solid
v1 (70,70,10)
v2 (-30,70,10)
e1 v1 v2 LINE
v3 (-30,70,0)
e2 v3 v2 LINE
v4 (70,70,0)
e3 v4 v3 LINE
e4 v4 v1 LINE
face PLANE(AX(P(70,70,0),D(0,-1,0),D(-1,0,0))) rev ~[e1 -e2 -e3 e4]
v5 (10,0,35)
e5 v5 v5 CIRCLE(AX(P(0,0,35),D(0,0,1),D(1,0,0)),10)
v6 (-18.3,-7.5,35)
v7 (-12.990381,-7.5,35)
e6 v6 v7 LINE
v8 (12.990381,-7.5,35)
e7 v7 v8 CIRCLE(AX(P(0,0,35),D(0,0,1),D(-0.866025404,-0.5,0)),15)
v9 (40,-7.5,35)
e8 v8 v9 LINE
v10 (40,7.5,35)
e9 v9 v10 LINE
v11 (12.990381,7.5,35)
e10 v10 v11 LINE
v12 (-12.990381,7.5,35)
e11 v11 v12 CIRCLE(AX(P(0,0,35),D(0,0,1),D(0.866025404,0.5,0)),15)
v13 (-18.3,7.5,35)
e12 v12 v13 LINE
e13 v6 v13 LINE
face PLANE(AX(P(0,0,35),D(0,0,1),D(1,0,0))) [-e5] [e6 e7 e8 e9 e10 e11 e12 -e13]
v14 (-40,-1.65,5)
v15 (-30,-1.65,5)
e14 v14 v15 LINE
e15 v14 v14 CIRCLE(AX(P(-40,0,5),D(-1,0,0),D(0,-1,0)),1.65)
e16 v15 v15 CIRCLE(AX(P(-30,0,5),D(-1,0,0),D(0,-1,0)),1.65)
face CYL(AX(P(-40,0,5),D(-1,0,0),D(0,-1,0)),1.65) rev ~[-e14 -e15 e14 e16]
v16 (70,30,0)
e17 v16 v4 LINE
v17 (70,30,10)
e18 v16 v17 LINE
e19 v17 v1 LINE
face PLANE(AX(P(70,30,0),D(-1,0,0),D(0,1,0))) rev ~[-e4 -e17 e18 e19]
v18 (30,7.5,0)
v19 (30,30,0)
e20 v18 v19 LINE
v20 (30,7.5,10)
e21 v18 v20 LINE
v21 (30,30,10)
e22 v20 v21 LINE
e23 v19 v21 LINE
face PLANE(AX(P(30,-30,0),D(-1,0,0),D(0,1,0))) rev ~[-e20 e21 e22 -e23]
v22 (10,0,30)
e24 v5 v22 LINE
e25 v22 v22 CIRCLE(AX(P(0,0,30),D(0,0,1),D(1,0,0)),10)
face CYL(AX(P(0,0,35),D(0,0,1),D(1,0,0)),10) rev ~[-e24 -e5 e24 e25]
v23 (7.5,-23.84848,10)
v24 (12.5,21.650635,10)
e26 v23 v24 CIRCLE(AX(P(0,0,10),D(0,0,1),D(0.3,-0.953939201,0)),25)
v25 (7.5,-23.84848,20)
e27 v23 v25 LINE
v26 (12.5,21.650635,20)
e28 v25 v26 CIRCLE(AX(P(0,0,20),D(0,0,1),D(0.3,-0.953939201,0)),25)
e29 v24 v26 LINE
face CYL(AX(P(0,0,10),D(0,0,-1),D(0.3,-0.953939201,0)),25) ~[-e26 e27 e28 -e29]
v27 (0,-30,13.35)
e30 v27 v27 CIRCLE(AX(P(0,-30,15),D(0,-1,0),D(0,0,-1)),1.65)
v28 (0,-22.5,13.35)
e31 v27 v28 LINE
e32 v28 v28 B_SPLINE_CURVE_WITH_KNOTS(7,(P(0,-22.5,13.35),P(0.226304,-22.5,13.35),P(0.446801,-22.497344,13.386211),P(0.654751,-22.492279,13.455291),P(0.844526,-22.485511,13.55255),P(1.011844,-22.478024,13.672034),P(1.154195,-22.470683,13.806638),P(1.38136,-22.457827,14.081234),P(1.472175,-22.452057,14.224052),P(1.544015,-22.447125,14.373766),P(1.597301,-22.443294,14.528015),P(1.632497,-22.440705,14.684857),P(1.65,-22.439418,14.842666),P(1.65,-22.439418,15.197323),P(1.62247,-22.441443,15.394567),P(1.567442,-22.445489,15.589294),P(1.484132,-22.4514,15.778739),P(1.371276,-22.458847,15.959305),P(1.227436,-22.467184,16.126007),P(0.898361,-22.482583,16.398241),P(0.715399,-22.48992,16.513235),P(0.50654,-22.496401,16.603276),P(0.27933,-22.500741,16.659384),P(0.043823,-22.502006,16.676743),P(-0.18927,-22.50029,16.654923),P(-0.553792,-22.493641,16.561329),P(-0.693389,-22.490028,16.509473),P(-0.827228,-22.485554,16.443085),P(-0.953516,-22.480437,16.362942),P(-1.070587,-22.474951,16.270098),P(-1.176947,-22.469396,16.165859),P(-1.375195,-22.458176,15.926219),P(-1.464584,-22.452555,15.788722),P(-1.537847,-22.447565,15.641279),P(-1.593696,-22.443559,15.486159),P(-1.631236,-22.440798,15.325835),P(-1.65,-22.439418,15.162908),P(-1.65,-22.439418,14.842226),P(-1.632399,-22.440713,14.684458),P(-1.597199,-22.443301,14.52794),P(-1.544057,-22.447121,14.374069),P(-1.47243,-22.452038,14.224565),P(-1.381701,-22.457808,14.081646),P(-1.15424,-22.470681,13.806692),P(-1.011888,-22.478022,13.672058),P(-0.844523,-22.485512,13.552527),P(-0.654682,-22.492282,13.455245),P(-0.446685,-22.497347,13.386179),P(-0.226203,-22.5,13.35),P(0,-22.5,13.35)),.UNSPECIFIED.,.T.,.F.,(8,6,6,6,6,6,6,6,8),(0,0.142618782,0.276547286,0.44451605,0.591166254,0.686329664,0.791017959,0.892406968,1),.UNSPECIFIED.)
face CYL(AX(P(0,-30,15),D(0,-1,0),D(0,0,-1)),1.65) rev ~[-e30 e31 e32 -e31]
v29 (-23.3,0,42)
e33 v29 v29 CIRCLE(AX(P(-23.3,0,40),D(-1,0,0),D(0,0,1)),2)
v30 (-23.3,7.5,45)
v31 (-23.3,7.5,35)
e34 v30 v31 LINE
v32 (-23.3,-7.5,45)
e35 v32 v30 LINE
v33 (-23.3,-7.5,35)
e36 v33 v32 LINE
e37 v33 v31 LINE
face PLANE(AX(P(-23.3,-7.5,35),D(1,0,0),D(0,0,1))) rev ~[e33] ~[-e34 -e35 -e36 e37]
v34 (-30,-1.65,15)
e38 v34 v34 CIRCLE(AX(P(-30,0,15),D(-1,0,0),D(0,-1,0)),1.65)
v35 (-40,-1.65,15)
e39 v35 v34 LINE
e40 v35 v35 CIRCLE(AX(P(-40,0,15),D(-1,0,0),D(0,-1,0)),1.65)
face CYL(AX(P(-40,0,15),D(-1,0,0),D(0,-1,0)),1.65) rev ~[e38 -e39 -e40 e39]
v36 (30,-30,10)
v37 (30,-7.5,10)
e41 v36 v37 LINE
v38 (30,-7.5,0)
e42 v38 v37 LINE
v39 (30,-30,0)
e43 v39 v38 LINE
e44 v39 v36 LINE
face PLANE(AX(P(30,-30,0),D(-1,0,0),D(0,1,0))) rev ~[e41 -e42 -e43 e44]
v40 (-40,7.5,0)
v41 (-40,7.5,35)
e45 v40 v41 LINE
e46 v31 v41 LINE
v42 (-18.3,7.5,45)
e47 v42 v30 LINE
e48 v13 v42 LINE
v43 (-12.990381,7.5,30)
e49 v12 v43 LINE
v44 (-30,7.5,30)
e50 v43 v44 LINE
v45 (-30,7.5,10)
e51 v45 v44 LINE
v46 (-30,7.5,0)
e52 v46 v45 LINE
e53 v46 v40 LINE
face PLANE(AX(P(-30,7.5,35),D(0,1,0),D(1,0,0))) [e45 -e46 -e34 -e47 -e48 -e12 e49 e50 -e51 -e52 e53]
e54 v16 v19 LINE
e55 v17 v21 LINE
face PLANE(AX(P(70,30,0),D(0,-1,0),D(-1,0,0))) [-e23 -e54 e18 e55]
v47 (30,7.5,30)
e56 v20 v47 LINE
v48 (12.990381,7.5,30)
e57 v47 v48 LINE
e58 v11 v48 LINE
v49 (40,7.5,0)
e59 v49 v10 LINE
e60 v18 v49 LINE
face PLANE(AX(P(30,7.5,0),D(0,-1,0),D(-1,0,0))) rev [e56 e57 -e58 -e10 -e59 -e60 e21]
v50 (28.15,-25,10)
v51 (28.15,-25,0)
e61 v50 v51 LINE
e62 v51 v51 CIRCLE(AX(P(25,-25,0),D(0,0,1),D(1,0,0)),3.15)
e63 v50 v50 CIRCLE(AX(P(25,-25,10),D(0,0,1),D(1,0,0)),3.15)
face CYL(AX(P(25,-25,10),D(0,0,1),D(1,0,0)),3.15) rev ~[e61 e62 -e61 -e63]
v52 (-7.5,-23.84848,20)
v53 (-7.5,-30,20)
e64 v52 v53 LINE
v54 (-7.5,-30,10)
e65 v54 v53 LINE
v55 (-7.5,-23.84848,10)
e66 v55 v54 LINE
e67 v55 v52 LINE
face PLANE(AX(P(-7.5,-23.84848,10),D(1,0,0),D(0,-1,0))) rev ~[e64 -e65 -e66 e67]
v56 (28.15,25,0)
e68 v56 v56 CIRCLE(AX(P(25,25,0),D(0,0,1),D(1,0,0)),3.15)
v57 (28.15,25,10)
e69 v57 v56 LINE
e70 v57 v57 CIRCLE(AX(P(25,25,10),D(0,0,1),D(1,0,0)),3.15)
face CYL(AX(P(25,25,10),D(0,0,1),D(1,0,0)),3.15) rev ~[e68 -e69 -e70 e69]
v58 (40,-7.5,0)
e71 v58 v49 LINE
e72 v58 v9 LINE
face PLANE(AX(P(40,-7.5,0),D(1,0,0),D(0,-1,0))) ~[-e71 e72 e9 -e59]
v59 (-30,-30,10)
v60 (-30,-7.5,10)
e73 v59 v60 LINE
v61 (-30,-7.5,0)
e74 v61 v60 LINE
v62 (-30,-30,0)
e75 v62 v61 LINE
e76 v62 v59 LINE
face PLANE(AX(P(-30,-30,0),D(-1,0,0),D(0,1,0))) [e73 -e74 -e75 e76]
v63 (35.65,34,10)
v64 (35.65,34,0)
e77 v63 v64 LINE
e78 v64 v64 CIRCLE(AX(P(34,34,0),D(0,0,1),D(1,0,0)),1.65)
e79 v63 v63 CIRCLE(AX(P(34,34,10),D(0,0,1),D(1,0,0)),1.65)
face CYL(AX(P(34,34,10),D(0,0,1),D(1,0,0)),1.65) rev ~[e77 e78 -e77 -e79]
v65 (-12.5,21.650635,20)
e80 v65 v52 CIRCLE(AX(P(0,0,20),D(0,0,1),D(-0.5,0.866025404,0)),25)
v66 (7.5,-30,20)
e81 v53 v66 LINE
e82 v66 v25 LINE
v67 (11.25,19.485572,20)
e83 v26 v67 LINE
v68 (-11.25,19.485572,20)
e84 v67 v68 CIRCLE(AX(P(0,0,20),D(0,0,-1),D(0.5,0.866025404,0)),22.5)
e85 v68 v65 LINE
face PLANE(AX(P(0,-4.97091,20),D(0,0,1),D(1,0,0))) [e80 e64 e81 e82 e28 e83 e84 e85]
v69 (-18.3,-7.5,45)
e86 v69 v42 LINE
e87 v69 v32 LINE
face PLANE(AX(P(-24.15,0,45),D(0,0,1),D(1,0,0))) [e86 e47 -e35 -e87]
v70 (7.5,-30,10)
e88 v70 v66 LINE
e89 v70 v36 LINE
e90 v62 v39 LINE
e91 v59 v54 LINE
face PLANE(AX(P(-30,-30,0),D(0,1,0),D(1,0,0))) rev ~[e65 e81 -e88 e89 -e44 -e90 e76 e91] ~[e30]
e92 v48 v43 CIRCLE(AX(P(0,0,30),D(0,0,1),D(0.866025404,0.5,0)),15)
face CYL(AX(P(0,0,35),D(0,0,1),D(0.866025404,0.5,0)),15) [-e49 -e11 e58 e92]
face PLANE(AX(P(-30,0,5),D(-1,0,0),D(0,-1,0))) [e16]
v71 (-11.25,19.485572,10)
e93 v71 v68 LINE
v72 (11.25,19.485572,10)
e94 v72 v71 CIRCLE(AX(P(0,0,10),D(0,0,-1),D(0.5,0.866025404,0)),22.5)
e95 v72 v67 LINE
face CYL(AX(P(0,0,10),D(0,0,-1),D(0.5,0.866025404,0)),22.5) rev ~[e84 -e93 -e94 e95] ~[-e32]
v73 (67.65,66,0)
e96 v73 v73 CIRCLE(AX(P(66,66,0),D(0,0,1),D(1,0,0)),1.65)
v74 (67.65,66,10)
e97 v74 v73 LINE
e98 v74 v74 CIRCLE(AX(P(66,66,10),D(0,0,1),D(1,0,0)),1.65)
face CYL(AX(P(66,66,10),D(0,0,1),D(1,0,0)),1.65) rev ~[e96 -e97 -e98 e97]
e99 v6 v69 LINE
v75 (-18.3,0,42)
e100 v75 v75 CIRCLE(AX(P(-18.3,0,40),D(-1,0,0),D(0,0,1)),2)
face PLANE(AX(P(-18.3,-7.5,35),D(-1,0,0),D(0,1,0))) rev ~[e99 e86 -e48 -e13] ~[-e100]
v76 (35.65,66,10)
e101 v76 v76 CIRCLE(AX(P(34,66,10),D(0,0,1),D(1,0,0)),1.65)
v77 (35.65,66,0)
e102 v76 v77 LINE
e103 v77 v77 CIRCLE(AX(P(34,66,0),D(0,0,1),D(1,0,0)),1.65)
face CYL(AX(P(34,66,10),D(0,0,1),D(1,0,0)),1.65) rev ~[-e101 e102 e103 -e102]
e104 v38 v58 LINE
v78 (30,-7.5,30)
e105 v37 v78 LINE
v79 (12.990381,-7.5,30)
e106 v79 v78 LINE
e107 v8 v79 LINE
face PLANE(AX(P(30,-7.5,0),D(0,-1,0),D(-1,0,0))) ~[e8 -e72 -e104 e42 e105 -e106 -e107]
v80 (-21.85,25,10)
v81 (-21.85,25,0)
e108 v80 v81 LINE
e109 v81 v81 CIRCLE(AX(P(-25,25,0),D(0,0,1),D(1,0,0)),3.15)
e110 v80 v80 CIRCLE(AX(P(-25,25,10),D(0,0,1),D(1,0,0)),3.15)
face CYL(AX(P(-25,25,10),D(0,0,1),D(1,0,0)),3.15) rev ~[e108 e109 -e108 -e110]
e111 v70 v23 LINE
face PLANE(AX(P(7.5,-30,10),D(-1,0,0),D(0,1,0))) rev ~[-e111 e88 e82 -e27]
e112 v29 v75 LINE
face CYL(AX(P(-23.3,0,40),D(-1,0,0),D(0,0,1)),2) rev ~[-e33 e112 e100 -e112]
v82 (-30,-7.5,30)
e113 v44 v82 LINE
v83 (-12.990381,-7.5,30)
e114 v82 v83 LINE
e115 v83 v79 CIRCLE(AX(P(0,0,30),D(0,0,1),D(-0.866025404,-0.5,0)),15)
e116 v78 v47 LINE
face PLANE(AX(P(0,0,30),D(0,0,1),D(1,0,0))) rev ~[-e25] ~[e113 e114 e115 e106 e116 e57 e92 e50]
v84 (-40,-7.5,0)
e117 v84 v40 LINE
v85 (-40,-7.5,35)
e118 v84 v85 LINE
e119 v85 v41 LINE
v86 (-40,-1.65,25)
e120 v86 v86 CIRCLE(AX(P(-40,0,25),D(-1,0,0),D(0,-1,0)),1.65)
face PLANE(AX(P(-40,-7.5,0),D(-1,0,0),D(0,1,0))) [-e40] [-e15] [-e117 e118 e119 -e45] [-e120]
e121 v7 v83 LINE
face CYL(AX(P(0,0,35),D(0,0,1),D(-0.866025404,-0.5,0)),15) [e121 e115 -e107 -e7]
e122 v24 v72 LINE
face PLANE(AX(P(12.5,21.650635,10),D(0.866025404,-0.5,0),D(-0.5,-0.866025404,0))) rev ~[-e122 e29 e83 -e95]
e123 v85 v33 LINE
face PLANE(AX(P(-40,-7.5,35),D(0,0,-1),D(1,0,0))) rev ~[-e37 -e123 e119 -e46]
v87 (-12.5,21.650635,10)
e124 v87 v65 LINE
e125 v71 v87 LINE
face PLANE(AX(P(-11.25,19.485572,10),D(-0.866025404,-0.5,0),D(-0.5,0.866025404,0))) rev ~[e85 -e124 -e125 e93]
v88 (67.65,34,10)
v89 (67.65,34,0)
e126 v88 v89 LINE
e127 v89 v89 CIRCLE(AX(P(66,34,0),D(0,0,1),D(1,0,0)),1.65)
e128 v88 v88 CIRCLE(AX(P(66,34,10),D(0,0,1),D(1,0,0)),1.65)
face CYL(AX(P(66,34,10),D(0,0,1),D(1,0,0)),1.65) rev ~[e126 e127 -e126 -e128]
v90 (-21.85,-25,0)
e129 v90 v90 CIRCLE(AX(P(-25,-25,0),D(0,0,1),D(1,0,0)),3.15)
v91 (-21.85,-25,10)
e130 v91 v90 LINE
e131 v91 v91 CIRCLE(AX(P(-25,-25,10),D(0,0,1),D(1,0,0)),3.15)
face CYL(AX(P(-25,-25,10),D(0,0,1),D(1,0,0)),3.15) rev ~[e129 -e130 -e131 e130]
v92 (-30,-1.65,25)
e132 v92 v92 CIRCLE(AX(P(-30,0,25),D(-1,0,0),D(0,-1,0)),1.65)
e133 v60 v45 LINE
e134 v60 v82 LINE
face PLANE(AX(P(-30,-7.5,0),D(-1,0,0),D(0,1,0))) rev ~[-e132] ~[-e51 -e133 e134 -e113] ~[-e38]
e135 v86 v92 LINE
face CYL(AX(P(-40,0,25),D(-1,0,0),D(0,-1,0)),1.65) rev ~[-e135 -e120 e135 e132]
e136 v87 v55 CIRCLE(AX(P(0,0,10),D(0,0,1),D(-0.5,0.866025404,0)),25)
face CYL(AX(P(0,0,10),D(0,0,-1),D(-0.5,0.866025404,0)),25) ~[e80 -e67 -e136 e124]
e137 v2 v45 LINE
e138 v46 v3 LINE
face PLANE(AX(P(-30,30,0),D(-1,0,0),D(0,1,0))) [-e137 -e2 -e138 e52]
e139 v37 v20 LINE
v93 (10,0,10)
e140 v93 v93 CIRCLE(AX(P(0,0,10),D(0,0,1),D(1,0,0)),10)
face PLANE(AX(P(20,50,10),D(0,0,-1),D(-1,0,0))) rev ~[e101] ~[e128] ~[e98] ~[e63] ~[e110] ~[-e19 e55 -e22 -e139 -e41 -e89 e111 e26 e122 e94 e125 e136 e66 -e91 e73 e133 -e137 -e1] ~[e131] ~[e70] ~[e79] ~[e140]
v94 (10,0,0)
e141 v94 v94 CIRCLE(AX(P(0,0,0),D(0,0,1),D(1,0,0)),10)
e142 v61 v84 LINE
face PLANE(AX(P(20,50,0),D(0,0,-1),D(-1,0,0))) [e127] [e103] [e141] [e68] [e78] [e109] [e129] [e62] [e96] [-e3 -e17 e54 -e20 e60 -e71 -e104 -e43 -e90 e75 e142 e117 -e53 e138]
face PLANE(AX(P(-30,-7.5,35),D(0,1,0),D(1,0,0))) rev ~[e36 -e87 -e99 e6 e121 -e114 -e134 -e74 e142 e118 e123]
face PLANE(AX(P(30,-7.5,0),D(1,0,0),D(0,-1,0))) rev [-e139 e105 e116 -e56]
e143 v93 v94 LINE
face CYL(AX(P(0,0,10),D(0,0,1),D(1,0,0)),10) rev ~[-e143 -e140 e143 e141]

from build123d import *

# Parameters (mm, degrees)
SKETCH1_W               = 60
SKETCH1_H               = 60
BOSS_EXTRUDE1_DEPTH     = 10
BOSS_EXTRUDE2_DEPTH     = 10
SKETCH3_R               = 10
CUT_EXTRUDE1_DEPTH      = 44.588989435
SKETCH4_R               = 3.15
CUT_EXTRUDE2_DEPTH      = 44.588989435
SKETCH5_W               = 10
SKETCH5_H               = 15
BOSS_EXTRUDE3_DEPTH     = 45
BOSS_EXTRUDE4_START     = 5
SKETCH6_R               = 10
BOSS_EXTRUDE4_DEPTH     = 5
CUT_EXTRUDE4_REACH      = 87
CUT_EXTRUDE4_END_RADIUS = 22.5
SKETCH7_R               = 1.65
SKETCH8_W               = 11.7
SKETCH8_H               = 15
BOSS_EXTRUDE5_DEPTH     = 10
SKETCH9_W               = 16.7
SKETCH9_H               = 10
CUT_EXTRUDE5_DEPTH      = 71.931304796
CUT_EXTRUDE6_REACH      = 85.258
SKETCH11_R              = 2
SKETCH12_W              = 10
SKETCH12_H              = 15
CUT_EXTRUDE7_DEPTH      = 10
SKETCH15_R              = 1.65
CUT_EXTRUDE8_DEPTH      = 10
LPATTERN1_COUNT         = 3
LPATTERN1_PITCH         = 10
SKETCH16_W              = 100
SKETCH16_H              = 40
BOSS_EXTRUDE6_DEPTH     = 10
SKETCH17_R              = 1.65
CUT_EXTRUDE9_DEPTH      = 106


with BuildPart() as part:
    # Sketch1 → Boss-Extrude1 (new body)
    with BuildSketch(Plane.XY):
        Rectangle(SKETCH1_W, SKETCH1_H)
    extrude(amount=BOSS_EXTRUDE1_DEPTH)

    # Sketch2 → Boss-Extrude2 (add)
    with BuildSketch(Plane.XY.offset(10)):
        with BuildLine():
            Line((-11.25, 19.485571585), (-12.5, 21.650635095))
            ThreePointArc((-12.5, 21.650635095), (-24.850399784, -2.730866272), (-7.5, -23.848480035))
            Line((-7.5, -23.848480035), (-7.5, -30))
            Line((-7.5, -30), (7.5, -30))
            Line((7.5, -30), (7.5, -23.848480035))
            ThreePointArc((7.5, -23.848480035), (24.850399784, -2.730866272), (12.5, 21.650635095))
            Line((12.5, 21.650635095), (11.25, 19.485571585))
            ThreePointArc((11.25, 19.485571585), (0, -22.5), (-11.25, 19.485571585))
        make_face()
    extrude(amount=BOSS_EXTRUDE2_DEPTH)

    # Sketch3 → Cut-Extrude1 (cut, through all)
    with BuildSketch(Plane.XY.offset(10)):
        Circle(SKETCH3_R)
    extrude(amount=-CUT_EXTRUDE1_DEPTH, mode=Mode.SUBTRACT)

    # Sketch4 → Cut-Extrude2 (cut, through all)
    with BuildSketch(Plane.XY.offset(10)):
        with Locations((-25, 25)):
            Circle(SKETCH4_R)
        with Locations((25, 25)):
            Circle(SKETCH4_R)
        with Locations((25, -25)):
            Circle(SKETCH4_R)
        with Locations((-25, -25)):
            Circle(SKETCH4_R)
    extrude(amount=-CUT_EXTRUDE2_DEPTH, mode=Mode.SUBTRACT)

    # Sketch5 → Boss-Extrude3 (add)
    with BuildSketch(Plane(origin=(0, 0, 0), x_dir=(-1, 0, 0), z_dir=(0, 0, -1))):
        with Locations((35, 0)):
            Rectangle(SKETCH5_W, SKETCH5_H)
    boss_extrude3 = extrude(amount=-BOSS_EXTRUDE3_DEPTH)

    # Mirror1: Boss-Extrude3 across plane
    add(boss_extrude3.mirror(Plane.ZY))

    # Sketch6 → Boss-Extrude4 (add)
    with BuildSketch(Plane.XY.offset(30).offset(BOSS_EXTRUDE4_START)):
        with BuildLine():
            Line((30, 7.5), (12.990381057, 7.5))
            ThreePointArc((12.990381057, 7.5), (0, 15), (-12.990381057, 7.5))
            Line((-12.990381057, 7.5), (-30, 7.5))
            Line((-30, 7.5), (-30, -7.5))
            Line((-30, -7.5), (-12.990381057, -7.5))
            ThreePointArc((-12.990381057, -7.5), (0, -15), (12.990381057, -7.5))
            Line((12.990381057, -7.5), (30, -7.5))
            Line((30, -7.5), (30, 7.5))
        make_face()
        Circle(SKETCH6_R, mode=Mode.SUBTRACT)
    extrude(amount=-BOSS_EXTRUDE4_DEPTH)

    # Cut-Extrude4: up to this cylinder (the profile starts outside it)
    cut_extrude4_end = Plane(origin=(0, 0, 15), z_dir=(0, 0, -1)) * Cylinder(CUT_EXTRUDE4_END_RADIUS, 220, mode=Mode.PRIVATE)
    # Sketch7 → Cut-Extrude4 (cut, up to the surface)
    with BuildSketch(Plane(origin=(0, -30, 0), x_dir=(-1, 0, 0), z_dir=(0, -1, 0)), mode=Mode.PRIVATE) as cut_extrude4_sk1:
        with Locations(Location((0, -15, 0), (0, 0, 90))):
            Circle(SKETCH7_R)
    cut_extrude4_tool1 = extrude(cut_extrude4_sk1.sketch, amount=-CUT_EXTRUDE4_REACH, mode=Mode.PRIVATE) - cut_extrude4_end
    add(cut_extrude4_tool1.solids().sort_by_distance((0, -30, 15))[0], mode=Mode.SUBTRACT)

    # Sketch8 → Boss-Extrude5 (add)
    with BuildSketch(Plane.XY.offset(35)):
        with Locations((-24.15, 0)):
            Rectangle(SKETCH8_W, SKETCH8_H)
    extrude(amount=BOSS_EXTRUDE5_DEPTH)

    # Sketch9 → Cut-Extrude5 (cut, through all)
    with BuildSketch(Plane.XZ.offset(7.5)):
        with Locations((-31.65, 40)):
            Rectangle(SKETCH9_W, SKETCH9_H)
    extrude(amount=-CUT_EXTRUDE5_DEPTH, mode=Mode.SUBTRACT)

    # Sketch11 → Cut-Extrude6 (cut, up to next)
    with BuildSketch(Plane.ZY.offset(23.3), mode=Mode.PRIVATE) as cut_extrude6_sk1:
        with Locations((40, 0)):
            Circle(SKETCH11_R)
    cut_extrude6_tool1 = extrude(cut_extrude6_sk1.sketch, amount=-CUT_EXTRUDE6_REACH, mode=Mode.PRIVATE) & part.part
    add(cut_extrude6_tool1.solids().sort_by_distance((-23.3, 0, 40))[0], mode=Mode.SUBTRACT)

    # Sketch12 → Cut-Extrude7 (cut)
    with BuildSketch(Plane.ZY.offset(-30)):
        with Locations((40, 0)):
            Rectangle(SKETCH12_W, SKETCH12_H)
    extrude(amount=-CUT_EXTRUDE7_DEPTH, mode=Mode.SUBTRACT)

    # Sketch15 → Cut-Extrude8 (cut)
    with BuildSketch(Plane.ZY.offset(40)):
        with Locations(Location((5, 0, 0), (0, 0, 270))):
            Circle(SKETCH15_R)
    cut_extrude8 = extrude(amount=-CUT_EXTRUDE8_DEPTH, mode=Mode.SUBTRACT)

    # LPattern1: Cut-Extrude8 ×3
    with Locations(*[(0, 0, i * LPATTERN1_PITCH) for i in range(1, LPATTERN1_COUNT)]):
        add(cut_extrude8, mode=Mode.SUBTRACT)

    # Sketch16 → Boss-Extrude6 (add)
    with BuildSketch(Plane(origin=(0, 0, 0), x_dir=(-1, 0, 0), z_dir=(0, 0, -1))):
        with Locations((-20, 50)):
            Rectangle(SKETCH16_W, SKETCH16_H)
    extrude(amount=-BOSS_EXTRUDE6_DEPTH)

    # Sketch17 → Cut-Extrude9 (cut, through all)
    with BuildSketch(Plane.XY.offset(10)):
        with Locations((66, 34)):
            Circle(SKETCH17_R)
        with Locations((66, 66)):
            Circle(SKETCH17_R)
        with Locations((34, 66)):
            Circle(SKETCH17_R)
        with Locations((34, 34)):
            Circle(SKETCH17_R)
    extrude(amount=-CUT_EXTRUDE9_DEPTH, mode=Mode.SUBTRACT)


solid = part.part
